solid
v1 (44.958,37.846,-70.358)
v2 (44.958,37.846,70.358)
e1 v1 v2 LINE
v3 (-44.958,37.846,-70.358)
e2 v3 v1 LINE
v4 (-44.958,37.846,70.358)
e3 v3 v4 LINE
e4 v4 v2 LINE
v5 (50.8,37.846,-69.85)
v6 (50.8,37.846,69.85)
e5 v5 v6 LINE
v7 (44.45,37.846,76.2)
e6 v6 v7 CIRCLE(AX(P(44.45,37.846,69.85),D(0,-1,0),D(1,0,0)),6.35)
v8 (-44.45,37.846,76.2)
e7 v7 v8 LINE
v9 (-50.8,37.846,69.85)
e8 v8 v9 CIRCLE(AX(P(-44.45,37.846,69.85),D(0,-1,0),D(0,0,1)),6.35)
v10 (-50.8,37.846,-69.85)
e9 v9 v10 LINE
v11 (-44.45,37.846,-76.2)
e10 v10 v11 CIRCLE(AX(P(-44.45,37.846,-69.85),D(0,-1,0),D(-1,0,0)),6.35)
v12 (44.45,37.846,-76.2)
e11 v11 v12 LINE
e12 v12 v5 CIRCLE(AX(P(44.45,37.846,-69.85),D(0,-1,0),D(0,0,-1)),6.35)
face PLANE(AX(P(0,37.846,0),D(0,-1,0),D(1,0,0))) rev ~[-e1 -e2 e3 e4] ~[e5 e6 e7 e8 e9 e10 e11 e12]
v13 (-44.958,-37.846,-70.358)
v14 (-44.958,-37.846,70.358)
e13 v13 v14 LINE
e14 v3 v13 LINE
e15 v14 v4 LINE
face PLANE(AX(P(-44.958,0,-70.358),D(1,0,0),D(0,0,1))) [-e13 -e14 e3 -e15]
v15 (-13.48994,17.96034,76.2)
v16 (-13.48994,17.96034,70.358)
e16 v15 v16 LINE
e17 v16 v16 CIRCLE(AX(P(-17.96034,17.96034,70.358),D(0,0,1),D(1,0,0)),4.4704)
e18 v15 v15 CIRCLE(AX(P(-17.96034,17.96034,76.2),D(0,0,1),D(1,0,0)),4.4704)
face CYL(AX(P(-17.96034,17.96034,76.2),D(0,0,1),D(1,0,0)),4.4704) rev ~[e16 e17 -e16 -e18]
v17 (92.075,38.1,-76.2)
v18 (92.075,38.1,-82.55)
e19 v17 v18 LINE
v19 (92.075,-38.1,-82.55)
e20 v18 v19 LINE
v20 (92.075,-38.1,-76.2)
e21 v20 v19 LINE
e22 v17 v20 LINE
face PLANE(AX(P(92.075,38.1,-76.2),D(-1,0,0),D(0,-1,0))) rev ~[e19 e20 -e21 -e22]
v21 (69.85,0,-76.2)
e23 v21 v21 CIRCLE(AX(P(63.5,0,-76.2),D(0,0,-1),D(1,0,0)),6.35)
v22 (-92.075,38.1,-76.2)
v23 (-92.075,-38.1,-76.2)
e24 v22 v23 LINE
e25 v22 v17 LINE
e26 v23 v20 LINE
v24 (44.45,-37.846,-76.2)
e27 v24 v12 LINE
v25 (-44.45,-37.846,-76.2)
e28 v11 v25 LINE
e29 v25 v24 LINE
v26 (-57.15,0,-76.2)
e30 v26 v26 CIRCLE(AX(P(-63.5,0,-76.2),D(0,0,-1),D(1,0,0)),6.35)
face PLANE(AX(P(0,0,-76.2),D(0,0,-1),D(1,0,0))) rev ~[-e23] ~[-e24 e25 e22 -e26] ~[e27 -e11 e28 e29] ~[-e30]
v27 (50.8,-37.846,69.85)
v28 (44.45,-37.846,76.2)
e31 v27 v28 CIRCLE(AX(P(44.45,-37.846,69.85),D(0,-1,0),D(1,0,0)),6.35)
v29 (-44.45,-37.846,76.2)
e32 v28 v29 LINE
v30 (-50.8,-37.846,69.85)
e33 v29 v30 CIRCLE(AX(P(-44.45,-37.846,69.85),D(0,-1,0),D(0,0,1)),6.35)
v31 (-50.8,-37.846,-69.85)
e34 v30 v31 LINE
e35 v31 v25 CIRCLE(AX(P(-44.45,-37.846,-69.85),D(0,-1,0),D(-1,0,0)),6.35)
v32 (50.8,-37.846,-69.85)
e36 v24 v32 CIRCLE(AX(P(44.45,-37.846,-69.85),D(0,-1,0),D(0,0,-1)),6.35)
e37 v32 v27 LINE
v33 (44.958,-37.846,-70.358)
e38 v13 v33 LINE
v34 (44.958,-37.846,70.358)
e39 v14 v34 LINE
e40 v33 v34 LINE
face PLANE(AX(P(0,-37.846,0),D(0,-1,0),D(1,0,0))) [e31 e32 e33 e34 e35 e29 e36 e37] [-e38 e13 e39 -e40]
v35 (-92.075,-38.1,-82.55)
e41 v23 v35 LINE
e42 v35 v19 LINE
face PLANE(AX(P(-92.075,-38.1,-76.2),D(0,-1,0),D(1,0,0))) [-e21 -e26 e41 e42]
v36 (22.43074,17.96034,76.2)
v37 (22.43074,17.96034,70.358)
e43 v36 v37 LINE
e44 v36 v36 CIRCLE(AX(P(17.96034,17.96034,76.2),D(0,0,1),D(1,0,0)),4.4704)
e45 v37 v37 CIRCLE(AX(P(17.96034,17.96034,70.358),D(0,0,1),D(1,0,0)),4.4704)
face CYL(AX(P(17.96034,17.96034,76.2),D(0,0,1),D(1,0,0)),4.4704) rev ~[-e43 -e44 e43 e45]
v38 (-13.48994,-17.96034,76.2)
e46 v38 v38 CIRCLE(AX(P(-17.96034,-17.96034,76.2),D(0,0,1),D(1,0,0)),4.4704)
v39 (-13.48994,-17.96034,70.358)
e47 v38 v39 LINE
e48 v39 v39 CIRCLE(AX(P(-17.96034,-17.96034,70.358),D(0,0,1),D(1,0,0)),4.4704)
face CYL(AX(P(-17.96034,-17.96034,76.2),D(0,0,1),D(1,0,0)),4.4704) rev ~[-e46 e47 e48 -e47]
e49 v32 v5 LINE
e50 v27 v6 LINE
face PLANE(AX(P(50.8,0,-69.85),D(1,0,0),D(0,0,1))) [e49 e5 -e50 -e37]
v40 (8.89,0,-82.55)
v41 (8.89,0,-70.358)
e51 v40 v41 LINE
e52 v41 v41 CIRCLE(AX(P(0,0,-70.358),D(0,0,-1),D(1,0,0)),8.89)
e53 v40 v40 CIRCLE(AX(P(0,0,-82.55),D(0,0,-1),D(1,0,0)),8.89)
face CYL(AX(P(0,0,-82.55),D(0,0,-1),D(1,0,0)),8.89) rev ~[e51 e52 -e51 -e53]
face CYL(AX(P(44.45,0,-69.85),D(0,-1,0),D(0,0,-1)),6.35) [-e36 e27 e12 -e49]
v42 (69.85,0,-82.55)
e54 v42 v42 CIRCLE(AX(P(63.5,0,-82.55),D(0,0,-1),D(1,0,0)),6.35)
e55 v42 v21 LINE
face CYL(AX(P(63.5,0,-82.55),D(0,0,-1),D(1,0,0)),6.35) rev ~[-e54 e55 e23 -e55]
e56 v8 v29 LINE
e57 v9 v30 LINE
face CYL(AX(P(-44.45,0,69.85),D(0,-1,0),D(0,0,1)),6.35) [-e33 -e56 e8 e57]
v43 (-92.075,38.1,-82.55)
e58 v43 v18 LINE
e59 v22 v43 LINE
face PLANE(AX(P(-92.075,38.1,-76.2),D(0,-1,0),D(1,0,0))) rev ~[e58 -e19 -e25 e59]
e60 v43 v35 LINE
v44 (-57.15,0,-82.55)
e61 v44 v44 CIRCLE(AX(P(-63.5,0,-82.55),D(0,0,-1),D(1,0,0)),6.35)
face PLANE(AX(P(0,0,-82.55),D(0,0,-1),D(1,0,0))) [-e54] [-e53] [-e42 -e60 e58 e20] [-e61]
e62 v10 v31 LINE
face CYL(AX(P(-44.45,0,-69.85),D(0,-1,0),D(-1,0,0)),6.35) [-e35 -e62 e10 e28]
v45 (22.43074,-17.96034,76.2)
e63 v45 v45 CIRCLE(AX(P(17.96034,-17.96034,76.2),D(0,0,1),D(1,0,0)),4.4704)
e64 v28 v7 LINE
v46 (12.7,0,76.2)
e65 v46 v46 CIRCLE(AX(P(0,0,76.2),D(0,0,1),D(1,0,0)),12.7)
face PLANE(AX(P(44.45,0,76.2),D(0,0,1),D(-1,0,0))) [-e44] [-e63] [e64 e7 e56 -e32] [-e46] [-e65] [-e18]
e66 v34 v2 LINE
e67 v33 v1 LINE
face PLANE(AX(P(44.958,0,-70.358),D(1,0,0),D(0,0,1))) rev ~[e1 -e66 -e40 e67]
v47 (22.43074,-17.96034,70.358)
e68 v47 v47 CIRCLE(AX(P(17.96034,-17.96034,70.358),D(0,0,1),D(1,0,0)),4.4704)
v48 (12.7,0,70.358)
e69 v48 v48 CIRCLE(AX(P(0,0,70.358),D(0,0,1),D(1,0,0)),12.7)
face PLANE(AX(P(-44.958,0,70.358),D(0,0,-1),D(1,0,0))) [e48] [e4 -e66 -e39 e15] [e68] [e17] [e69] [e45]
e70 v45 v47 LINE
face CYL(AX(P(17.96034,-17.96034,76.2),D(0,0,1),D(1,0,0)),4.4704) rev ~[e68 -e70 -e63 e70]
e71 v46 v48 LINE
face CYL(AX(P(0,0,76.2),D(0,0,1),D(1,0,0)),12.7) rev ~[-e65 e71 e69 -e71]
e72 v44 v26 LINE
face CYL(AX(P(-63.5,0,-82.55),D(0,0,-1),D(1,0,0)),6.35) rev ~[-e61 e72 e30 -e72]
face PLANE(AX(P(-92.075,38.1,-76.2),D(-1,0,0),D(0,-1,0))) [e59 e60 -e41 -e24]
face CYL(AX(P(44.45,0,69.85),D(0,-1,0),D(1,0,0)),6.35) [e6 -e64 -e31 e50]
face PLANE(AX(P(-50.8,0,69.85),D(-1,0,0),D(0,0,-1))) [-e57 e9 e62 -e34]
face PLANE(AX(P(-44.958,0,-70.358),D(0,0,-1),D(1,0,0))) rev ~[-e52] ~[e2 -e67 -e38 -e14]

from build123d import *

# Parameters (mm, degrees)
F0_W     = 89.916
F0_H     = 140.716
F1_DEPTH = 37.846
F2_R     = 4.4704
F2_R_2   = 12.7
F3_DEPTH = 25.4
F4_W     = 184.15
F4_H     = 76.2
F4_W_2   = 88.9
F4_H_2   = 75.692
F5_DEPTH = 6.35
F6_R     = 6.35
F6_R_2   = 8.89
F7_DEPTH = 25.4


with BuildPart() as f1:
    # F0 (on Front) → F1 (new body, symmetric)
    with BuildSketch(Plane.XZ):
        with BuildLine():
            Line((44.45, 76.2), (-44.45, 76.2))
            ThreePointArc((-44.45, 76.2), (-48.9401280605, 74.3401280605), (-50.8, 69.85))
            Line((-50.8, 69.85), (-50.8, -69.85))
            ThreePointArc((-50.8, -69.85), (-48.9401280605, -74.3401280605), (-44.45, -76.2))
            Line((-44.45, -76.2), (44.45, -76.2))
            ThreePointArc((44.45, -76.2), (48.9401280605, -74.3401280605), (50.8, -69.85))
            Line((50.8, -69.85), (50.8, 69.85))
            ThreePointArc((50.8, 69.85), (48.9401280605, 74.3401280605), (44.45, 76.2))
        make_face()
        Rectangle(F0_W, F0_H, mode=Mode.SUBTRACT)
    extrude(amount=F1_DEPTH, both=True)

    # F2 (on face) → F3 (cut)
    with BuildSketch(Plane.XY.offset(76.2)):
        with Locations((-17.96034, 17.96034)):
            Circle(F2_R)
        with Locations((17.96034, 17.96034)):
            Circle(F2_R)
        with Locations((17.96034, -17.96034)):
            Circle(F2_R)
        with Locations((-17.96034, -17.96034)):
            Circle(F2_R)
        Circle(F2_R_2)
    extrude(amount=-F3_DEPTH, mode=Mode.SUBTRACT)

    # F4 (on face) → F5 (join)
    with BuildSketch(Plane(origin=(0, 0, -76.2), x_dir=(1, 0, 0), z_dir=(0, 0, -1))):
        Rectangle(F4_W, F4_H)
        Rectangle(F4_W_2, F4_H_2, mode=Mode.SUBTRACT)
        Rectangle(F4_W_2, F4_H_2)
    extrude(amount=F5_DEPTH)

    # F6 (on face) → F7 (cut)
    with BuildSketch(Plane(origin=(0, 0, -82.55), x_dir=(1, 0, 0), z_dir=(0, 0, -1))):
        with Locations((63.5, 0)):
            Circle(F6_R)
        Circle(F6_R_2)
        with Locations((-63.5, 0)):
            Circle(F6_R)
    extrude(amount=-F7_DEPTH, mode=Mode.SUBTRACT)


solid = f1.part
